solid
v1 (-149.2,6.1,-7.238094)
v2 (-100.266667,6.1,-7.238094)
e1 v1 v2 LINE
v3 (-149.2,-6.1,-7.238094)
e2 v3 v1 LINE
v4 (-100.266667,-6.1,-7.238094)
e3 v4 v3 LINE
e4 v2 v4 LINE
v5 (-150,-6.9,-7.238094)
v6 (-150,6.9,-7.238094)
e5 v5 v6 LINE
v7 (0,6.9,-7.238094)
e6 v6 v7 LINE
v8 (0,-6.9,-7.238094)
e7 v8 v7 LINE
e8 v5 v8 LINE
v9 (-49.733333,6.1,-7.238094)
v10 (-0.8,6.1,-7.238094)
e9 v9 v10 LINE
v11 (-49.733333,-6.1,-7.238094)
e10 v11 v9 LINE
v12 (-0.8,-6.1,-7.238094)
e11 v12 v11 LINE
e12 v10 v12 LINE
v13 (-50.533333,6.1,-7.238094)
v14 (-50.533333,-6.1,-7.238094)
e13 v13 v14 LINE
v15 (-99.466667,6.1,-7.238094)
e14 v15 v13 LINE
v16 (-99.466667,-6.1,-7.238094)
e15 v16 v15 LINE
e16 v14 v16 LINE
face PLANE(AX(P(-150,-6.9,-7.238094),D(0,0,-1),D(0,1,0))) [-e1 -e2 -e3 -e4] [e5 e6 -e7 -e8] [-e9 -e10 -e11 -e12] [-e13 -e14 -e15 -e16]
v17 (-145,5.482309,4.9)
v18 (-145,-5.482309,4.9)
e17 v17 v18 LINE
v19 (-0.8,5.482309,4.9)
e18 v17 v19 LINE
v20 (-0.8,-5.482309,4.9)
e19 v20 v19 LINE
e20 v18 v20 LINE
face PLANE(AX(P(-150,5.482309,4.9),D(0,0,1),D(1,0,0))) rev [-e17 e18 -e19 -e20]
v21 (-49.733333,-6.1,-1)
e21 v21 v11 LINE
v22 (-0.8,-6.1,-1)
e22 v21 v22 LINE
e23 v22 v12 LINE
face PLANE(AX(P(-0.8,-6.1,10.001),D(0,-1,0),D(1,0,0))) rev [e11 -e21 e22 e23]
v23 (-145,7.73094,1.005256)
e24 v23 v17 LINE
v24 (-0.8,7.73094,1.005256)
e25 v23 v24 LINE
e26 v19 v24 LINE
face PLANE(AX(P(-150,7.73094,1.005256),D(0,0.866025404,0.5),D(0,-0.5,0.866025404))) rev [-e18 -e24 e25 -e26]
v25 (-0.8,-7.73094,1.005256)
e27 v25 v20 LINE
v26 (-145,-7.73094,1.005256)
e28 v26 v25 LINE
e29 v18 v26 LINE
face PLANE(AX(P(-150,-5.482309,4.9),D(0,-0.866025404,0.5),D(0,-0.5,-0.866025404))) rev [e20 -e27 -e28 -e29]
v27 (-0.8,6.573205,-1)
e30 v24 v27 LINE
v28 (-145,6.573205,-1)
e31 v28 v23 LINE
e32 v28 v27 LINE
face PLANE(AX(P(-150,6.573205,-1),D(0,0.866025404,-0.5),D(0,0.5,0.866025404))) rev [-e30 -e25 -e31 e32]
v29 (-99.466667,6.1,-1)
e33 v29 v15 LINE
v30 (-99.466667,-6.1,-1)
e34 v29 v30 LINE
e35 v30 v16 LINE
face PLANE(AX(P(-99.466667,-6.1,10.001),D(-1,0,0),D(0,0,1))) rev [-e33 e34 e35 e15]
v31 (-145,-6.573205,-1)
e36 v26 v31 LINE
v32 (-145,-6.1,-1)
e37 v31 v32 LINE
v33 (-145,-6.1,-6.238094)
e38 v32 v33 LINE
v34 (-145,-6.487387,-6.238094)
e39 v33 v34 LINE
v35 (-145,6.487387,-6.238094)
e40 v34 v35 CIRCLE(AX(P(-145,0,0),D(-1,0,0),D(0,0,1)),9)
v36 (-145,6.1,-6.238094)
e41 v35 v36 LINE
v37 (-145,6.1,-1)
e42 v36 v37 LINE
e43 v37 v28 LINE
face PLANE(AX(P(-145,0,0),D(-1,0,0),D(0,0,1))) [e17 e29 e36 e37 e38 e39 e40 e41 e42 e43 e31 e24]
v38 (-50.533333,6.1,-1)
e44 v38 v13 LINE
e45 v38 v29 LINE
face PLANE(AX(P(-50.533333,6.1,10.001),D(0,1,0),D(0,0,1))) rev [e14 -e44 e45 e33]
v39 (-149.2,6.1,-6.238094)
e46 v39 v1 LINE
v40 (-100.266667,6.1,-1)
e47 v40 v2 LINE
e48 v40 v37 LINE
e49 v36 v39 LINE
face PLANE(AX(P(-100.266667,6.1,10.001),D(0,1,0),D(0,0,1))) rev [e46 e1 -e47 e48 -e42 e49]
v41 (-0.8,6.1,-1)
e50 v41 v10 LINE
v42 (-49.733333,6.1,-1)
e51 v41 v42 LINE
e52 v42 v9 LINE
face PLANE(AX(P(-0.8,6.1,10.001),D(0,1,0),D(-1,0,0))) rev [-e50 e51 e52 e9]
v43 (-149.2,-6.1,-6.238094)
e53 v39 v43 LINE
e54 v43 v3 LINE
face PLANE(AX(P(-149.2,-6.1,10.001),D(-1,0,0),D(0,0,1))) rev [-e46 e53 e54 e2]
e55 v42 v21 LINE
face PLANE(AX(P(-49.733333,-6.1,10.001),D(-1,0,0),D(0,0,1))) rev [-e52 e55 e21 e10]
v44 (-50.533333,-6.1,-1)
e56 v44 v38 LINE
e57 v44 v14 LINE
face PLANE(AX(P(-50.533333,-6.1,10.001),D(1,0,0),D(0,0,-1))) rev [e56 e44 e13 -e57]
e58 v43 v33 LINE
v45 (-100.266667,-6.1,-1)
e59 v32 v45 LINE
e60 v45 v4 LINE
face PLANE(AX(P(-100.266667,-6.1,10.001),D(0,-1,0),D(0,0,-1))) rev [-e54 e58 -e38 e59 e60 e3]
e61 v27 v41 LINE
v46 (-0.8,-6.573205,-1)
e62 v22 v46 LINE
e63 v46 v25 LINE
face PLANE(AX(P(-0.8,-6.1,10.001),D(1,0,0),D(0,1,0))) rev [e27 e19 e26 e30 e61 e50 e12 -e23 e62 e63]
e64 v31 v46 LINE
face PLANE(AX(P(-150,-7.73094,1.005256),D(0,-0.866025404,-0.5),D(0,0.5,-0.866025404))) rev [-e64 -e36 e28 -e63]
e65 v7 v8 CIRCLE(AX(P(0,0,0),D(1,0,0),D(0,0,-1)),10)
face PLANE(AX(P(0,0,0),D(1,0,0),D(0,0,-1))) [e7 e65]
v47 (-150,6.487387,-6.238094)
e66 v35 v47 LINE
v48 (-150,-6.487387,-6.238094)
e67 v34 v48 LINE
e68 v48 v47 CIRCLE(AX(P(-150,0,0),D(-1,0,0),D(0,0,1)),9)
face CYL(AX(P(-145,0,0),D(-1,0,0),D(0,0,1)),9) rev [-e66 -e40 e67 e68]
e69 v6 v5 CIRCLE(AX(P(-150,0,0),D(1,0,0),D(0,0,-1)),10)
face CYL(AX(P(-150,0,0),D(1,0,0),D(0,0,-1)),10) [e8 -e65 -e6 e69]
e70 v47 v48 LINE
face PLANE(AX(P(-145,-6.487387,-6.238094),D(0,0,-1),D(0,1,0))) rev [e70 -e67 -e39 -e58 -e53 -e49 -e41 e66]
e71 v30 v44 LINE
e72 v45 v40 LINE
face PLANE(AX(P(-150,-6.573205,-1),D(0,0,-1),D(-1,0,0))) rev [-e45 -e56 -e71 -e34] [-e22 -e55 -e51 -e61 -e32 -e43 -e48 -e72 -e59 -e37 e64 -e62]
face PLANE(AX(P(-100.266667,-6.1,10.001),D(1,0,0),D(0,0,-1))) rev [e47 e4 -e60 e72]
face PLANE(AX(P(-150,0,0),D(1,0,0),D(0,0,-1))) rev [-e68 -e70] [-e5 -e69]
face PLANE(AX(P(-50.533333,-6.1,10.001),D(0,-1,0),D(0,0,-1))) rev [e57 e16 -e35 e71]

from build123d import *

# Parameters (mm, degrees)
BAR_DEPTH           = 150
CUT_EXTRUDE4_DEPTH  = 5
CUT_EXTRUDE3_REACH  = 19.238
SKETCH6_W           = 48.933333333
SKETCH6_H           = 12.2
SKETCH6_W_2         = 48.933333334
BOSS_EXTRUDE2_DEPTH = 0.8


with BuildPart() as part:
    # Sketch1 → Bar (new body)
    with BuildSketch(Plane(origin=(0, 0, 0), x_dir=(0, 0, -1), z_dir=(1, 0, 0))):
        with BuildLine():
            Line((7.238093672, -6.9), (7.238093672, 6.9))
            ThreePointArc((7.238093672, 6.9), (-10, 0), (7.238093672, -6.9))
        make_face()
        Polygon((1, 6.573205081), (-1.005255888, 7.730940108), (-4.9, 5.482308546), (-4.9, -5.482308546), (-1.005255888, -7.730940108), (1, -6.573205081), align=None, mode=Mode.SUBTRACT)
    extrude(amount=-BAR_DEPTH)

    # Sketch10 → Cut-Extrude4 (cut)
    with BuildSketch(Plane.ZY.offset(150)):
        with BuildLine():
            Line((-6.238093672, -6.487386788), (-6.238093672, 6.487386788))
            ThreePointArc((-6.238093672, 6.487386788), (9, 0), (-6.238093672, -6.487386788))
        make_face()
    extrude(amount=-CUT_EXTRUDE4_DEPTH, mode=Mode.SUBTRACT)

    # Sketch6 → Cut-Extrude3 (cut, up to next)
    with BuildSketch(Plane(origin=(0, 0, -7.238093672), x_dir=(1, 0, 0), z_dir=(0, 0, -1)), mode=Mode.PRIVATE) as cut_extrude3_sk1:
        with Locations((-25.266666667, 0)):
            Rectangle(SKETCH6_W, SKETCH6_H)
    cut_extrude3_tool1 = extrude(cut_extrude3_sk1.sketch, amount=-CUT_EXTRUDE3_REACH, mode=Mode.PRIVATE) & part.part
    add(cut_extrude3_tool1.solids().sort_by_distance((-25.266667, 0, -7.238094))[0], mode=Mode.SUBTRACT)
    # Sketch6 → Cut-Extrude3 (cut, up to next)
    with BuildSketch(Plane(origin=(0, 0, -7.238093672), x_dir=(1, 0, 0), z_dir=(0, 0, -1)), mode=Mode.PRIVATE) as cut_extrude3_sk2:
        with Locations((-75, 0)):
            Rectangle(SKETCH6_W_2, SKETCH6_H)
    cut_extrude3_tool2 = extrude(cut_extrude3_sk2.sketch, amount=-CUT_EXTRUDE3_REACH, mode=Mode.PRIVATE) & part.part
    add(cut_extrude3_tool2.solids().sort_by_distance((-75, 0, -7.238094))[0], mode=Mode.SUBTRACT)
    # Sketch6 → Cut-Extrude3 (cut, up to next)
    with BuildSketch(Plane(origin=(0, 0, -7.238093672), x_dir=(1, 0, 0), z_dir=(0, 0, -1)), mode=Mode.PRIVATE) as cut_extrude3_sk3:
        with Locations((-124.733333334, 0)):
            Rectangle(SKETCH6_W, SKETCH6_H)
    cut_extrude3_tool3 = extrude(cut_extrude3_sk3.sketch, amount=-CUT_EXTRUDE3_REACH, mode=Mode.PRIVATE) & part.part
    add(cut_extrude3_tool3.solids().sort_by_distance((-124.733333, 0, -7.238094))[0], mode=Mode.SUBTRACT)

    # Sketch11 → Boss-Extrude2 (add)
    with BuildSketch(Plane(origin=(0, 0, 0), x_dir=(0, 0, -1), z_dir=(1, 0, 0))):
        with BuildLine():
            Line((7.238093672, -6.9), (7.238093672, 6.9))
            ThreePointArc((7.238093672, 6.9), (-10, 0), (7.238093672, -6.9))
        make_face()
    extrude(amount=-BOSS_EXTRUDE2_DEPTH)


solid = part.part
